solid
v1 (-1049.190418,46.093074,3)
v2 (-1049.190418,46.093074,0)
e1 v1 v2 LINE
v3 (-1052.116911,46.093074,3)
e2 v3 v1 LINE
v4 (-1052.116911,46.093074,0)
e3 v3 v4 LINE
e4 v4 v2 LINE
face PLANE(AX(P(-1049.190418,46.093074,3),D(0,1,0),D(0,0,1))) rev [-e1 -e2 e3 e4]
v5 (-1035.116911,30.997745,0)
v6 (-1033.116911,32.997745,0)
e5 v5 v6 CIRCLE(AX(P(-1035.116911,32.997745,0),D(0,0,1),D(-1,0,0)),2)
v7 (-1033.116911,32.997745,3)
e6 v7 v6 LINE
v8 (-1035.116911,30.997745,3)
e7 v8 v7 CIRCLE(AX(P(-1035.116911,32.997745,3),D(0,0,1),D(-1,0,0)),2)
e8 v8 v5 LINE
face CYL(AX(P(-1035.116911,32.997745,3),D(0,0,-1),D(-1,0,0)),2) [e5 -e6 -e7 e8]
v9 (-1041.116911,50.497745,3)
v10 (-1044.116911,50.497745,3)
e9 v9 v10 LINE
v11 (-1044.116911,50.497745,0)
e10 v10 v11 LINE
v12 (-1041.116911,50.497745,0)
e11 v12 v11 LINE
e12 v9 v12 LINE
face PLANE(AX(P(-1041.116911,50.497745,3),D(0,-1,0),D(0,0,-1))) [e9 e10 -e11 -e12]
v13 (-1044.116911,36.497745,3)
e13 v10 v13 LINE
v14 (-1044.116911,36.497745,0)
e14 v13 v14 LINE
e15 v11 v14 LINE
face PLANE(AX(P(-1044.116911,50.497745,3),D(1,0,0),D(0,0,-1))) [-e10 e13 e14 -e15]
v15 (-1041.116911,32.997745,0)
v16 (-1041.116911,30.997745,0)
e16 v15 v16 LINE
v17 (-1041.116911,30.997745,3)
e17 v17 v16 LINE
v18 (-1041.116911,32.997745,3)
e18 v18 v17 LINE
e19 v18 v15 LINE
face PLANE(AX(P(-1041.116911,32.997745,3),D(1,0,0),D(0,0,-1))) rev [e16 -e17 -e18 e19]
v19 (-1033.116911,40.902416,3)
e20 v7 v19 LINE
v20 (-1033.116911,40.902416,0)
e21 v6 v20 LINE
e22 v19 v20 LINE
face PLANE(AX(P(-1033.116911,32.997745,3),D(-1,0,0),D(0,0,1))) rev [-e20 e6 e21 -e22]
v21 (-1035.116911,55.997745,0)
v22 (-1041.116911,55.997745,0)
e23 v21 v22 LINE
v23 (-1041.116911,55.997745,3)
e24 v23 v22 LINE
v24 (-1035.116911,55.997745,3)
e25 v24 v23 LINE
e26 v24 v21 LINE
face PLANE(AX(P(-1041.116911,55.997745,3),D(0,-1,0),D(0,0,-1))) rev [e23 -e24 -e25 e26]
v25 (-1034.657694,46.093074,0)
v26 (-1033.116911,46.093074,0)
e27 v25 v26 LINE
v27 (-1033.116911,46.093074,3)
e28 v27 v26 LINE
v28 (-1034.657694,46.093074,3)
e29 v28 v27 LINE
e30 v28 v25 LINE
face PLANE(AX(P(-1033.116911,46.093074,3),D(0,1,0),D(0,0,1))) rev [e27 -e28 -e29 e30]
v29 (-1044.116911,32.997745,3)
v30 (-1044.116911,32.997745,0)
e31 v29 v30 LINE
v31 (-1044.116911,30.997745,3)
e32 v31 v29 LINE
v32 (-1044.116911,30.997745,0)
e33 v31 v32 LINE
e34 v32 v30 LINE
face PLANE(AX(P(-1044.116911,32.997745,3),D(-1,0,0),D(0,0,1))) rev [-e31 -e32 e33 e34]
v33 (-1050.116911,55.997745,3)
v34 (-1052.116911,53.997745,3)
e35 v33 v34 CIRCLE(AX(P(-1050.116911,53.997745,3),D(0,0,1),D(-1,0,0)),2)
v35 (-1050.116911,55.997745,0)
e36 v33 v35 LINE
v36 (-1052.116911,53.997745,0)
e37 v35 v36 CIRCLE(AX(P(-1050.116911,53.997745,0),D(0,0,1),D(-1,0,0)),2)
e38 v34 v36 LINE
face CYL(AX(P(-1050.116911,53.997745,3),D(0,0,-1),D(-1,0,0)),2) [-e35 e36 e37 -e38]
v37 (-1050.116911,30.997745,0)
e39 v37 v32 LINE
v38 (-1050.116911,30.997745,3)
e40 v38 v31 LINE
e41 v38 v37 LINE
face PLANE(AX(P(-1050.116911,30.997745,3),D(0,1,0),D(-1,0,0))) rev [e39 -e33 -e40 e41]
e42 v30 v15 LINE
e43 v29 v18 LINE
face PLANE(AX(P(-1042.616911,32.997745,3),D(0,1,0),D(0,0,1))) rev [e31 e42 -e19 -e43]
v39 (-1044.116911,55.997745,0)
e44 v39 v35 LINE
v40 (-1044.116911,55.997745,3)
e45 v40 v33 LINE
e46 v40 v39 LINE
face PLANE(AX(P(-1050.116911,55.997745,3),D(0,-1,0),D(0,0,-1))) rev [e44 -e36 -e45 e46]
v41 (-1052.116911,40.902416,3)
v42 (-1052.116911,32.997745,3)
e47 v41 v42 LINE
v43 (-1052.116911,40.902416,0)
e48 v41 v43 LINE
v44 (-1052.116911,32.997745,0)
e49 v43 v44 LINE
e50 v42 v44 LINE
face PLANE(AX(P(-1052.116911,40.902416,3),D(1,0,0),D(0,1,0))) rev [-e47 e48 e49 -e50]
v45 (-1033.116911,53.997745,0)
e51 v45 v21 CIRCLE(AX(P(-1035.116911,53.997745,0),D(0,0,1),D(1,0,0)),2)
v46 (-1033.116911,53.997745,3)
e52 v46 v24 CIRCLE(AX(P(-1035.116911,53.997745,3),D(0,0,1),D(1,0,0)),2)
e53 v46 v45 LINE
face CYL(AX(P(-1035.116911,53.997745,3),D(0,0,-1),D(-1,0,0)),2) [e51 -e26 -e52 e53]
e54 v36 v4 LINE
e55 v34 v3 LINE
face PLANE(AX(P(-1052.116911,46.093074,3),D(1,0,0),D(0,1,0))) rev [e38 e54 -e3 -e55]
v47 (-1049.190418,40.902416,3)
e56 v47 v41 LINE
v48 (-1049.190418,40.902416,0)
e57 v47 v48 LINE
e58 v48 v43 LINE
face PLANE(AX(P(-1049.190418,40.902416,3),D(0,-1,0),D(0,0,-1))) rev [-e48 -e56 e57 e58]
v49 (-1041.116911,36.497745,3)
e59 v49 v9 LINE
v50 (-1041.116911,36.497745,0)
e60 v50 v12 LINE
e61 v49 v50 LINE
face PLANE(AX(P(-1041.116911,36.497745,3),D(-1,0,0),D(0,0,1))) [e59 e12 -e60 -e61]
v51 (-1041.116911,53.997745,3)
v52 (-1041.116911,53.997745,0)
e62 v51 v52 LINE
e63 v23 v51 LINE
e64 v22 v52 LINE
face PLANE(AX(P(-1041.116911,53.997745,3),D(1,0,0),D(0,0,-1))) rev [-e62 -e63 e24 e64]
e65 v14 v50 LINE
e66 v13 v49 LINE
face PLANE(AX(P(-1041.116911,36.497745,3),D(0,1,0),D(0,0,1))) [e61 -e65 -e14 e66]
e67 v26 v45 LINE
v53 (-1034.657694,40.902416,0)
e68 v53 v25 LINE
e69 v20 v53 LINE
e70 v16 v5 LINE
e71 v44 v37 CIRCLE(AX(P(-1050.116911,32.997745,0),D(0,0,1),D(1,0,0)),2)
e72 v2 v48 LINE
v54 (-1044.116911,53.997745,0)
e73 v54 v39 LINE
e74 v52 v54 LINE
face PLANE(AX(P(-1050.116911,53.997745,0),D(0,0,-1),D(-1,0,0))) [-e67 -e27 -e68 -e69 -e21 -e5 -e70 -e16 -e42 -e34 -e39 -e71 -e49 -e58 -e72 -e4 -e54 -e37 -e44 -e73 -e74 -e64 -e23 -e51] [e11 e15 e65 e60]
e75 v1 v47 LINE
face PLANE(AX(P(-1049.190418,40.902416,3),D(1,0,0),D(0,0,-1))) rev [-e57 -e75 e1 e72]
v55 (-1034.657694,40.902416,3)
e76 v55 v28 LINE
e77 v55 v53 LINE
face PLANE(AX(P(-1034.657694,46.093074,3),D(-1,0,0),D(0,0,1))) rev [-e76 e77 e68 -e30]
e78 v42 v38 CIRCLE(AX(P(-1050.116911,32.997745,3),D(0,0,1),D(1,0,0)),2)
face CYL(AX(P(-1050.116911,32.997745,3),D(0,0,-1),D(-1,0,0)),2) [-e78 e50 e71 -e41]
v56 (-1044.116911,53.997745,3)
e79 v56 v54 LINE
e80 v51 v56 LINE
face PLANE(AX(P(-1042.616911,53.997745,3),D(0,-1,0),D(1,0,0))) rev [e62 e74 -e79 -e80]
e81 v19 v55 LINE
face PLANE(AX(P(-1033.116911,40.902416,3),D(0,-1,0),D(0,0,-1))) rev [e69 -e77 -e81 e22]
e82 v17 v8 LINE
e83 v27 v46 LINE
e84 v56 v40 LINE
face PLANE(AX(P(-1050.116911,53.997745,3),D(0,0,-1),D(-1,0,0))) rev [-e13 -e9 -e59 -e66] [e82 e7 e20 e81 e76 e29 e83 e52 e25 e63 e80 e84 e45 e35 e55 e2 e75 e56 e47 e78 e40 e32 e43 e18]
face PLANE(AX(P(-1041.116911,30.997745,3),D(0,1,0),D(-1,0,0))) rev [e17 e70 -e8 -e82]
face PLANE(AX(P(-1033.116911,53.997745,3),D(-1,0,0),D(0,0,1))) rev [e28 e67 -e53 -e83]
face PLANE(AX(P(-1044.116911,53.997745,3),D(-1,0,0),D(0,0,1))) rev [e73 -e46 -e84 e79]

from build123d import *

# Parameters (mm, degrees)
SKETCH1_W          = 3
SKETCH1_H          = 14
BASE_EXTRUDE_DEPTH = 3


with BuildPart() as part:
    # Sketch1 → Base-Extrude (new body)
    with BuildSketch(Plane.XY):
        with BuildLine():
            Line((-1033.116910611, 53.997744838), (-1033.116910611, 46.093073912))
            Line((-1033.116910611, 46.093073912), (-1034.65769353, 46.093073912))
            Line((-1034.65769353, 46.093073912), (-1034.65769353, 40.902415763))
            Line((-1034.65769353, 40.902415763), (-1033.116910611, 40.902415763))
            Line((-1033.116910611, 40.902415763), (-1033.116910611, 32.997744838))
            ThreePointArc((-1033.116910611, 32.997744838), (-1033.702697049, 31.583531275), (-1035.116910611, 30.997744838))
            Line((-1035.116910611, 30.997744838), (-1041.116910611, 30.997744838))
            Line((-1041.116910611, 30.997744838), (-1041.116910611, 32.997744838))
            Line((-1041.116910611, 32.997744838), (-1042.616910611, 32.997744838))
            Line((-1042.616910611, 32.997744838), (-1044.116910611, 32.997744838))
            Line((-1044.116910611, 32.997744838), (-1044.116910611, 30.997744838))
            Line((-1044.116910611, 30.997744838), (-1050.116910611, 30.997744838))
            ThreePointArc((-1050.116910611, 30.997744838), (-1051.531124173, 31.583531275), (-1052.116910611, 32.997744838))
            Line((-1052.116910611, 32.997744838), (-1052.116910611, 40.902415763))
            Line((-1052.116910611, 40.902415763), (-1049.190418334, 40.902415763))
            Line((-1049.190418334, 40.902415763), (-1049.190418334, 46.093073912))
            Line((-1049.190418334, 46.093073912), (-1052.116910611, 46.093073912))
            Line((-1052.116910611, 46.093073912), (-1052.116910611, 53.997744838))
            ThreePointArc((-1052.116910611, 53.997744838), (-1051.531124173, 55.4119584), (-1050.116910611, 55.997744838))
            Line((-1050.116910611, 55.997744838), (-1044.116910611, 55.997744838))
            Line((-1044.116910611, 55.997744838), (-1044.116910611, 53.997744838))
            Line((-1044.116910611, 53.997744838), (-1042.616910611, 53.997744838))
            Line((-1042.616910611, 53.997744838), (-1041.116910611, 53.997744838))
            Line((-1041.116910611, 53.997744838), (-1041.116910611, 55.997744838))
            Line((-1041.116910611, 55.997744838), (-1035.116910611, 55.997744838))
            ThreePointArc((-1035.116910611, 55.997744838), (-1033.702697049, 55.4119584), (-1033.116910611, 53.997744838))
        make_face()
        with Locations((-1042.616910611, 43.497744838)):
            Rectangle(SKETCH1_W, SKETCH1_H, mode=Mode.SUBTRACT)
    extrude(amount=BASE_EXTRUDE_DEPTH)


solid = part.part
